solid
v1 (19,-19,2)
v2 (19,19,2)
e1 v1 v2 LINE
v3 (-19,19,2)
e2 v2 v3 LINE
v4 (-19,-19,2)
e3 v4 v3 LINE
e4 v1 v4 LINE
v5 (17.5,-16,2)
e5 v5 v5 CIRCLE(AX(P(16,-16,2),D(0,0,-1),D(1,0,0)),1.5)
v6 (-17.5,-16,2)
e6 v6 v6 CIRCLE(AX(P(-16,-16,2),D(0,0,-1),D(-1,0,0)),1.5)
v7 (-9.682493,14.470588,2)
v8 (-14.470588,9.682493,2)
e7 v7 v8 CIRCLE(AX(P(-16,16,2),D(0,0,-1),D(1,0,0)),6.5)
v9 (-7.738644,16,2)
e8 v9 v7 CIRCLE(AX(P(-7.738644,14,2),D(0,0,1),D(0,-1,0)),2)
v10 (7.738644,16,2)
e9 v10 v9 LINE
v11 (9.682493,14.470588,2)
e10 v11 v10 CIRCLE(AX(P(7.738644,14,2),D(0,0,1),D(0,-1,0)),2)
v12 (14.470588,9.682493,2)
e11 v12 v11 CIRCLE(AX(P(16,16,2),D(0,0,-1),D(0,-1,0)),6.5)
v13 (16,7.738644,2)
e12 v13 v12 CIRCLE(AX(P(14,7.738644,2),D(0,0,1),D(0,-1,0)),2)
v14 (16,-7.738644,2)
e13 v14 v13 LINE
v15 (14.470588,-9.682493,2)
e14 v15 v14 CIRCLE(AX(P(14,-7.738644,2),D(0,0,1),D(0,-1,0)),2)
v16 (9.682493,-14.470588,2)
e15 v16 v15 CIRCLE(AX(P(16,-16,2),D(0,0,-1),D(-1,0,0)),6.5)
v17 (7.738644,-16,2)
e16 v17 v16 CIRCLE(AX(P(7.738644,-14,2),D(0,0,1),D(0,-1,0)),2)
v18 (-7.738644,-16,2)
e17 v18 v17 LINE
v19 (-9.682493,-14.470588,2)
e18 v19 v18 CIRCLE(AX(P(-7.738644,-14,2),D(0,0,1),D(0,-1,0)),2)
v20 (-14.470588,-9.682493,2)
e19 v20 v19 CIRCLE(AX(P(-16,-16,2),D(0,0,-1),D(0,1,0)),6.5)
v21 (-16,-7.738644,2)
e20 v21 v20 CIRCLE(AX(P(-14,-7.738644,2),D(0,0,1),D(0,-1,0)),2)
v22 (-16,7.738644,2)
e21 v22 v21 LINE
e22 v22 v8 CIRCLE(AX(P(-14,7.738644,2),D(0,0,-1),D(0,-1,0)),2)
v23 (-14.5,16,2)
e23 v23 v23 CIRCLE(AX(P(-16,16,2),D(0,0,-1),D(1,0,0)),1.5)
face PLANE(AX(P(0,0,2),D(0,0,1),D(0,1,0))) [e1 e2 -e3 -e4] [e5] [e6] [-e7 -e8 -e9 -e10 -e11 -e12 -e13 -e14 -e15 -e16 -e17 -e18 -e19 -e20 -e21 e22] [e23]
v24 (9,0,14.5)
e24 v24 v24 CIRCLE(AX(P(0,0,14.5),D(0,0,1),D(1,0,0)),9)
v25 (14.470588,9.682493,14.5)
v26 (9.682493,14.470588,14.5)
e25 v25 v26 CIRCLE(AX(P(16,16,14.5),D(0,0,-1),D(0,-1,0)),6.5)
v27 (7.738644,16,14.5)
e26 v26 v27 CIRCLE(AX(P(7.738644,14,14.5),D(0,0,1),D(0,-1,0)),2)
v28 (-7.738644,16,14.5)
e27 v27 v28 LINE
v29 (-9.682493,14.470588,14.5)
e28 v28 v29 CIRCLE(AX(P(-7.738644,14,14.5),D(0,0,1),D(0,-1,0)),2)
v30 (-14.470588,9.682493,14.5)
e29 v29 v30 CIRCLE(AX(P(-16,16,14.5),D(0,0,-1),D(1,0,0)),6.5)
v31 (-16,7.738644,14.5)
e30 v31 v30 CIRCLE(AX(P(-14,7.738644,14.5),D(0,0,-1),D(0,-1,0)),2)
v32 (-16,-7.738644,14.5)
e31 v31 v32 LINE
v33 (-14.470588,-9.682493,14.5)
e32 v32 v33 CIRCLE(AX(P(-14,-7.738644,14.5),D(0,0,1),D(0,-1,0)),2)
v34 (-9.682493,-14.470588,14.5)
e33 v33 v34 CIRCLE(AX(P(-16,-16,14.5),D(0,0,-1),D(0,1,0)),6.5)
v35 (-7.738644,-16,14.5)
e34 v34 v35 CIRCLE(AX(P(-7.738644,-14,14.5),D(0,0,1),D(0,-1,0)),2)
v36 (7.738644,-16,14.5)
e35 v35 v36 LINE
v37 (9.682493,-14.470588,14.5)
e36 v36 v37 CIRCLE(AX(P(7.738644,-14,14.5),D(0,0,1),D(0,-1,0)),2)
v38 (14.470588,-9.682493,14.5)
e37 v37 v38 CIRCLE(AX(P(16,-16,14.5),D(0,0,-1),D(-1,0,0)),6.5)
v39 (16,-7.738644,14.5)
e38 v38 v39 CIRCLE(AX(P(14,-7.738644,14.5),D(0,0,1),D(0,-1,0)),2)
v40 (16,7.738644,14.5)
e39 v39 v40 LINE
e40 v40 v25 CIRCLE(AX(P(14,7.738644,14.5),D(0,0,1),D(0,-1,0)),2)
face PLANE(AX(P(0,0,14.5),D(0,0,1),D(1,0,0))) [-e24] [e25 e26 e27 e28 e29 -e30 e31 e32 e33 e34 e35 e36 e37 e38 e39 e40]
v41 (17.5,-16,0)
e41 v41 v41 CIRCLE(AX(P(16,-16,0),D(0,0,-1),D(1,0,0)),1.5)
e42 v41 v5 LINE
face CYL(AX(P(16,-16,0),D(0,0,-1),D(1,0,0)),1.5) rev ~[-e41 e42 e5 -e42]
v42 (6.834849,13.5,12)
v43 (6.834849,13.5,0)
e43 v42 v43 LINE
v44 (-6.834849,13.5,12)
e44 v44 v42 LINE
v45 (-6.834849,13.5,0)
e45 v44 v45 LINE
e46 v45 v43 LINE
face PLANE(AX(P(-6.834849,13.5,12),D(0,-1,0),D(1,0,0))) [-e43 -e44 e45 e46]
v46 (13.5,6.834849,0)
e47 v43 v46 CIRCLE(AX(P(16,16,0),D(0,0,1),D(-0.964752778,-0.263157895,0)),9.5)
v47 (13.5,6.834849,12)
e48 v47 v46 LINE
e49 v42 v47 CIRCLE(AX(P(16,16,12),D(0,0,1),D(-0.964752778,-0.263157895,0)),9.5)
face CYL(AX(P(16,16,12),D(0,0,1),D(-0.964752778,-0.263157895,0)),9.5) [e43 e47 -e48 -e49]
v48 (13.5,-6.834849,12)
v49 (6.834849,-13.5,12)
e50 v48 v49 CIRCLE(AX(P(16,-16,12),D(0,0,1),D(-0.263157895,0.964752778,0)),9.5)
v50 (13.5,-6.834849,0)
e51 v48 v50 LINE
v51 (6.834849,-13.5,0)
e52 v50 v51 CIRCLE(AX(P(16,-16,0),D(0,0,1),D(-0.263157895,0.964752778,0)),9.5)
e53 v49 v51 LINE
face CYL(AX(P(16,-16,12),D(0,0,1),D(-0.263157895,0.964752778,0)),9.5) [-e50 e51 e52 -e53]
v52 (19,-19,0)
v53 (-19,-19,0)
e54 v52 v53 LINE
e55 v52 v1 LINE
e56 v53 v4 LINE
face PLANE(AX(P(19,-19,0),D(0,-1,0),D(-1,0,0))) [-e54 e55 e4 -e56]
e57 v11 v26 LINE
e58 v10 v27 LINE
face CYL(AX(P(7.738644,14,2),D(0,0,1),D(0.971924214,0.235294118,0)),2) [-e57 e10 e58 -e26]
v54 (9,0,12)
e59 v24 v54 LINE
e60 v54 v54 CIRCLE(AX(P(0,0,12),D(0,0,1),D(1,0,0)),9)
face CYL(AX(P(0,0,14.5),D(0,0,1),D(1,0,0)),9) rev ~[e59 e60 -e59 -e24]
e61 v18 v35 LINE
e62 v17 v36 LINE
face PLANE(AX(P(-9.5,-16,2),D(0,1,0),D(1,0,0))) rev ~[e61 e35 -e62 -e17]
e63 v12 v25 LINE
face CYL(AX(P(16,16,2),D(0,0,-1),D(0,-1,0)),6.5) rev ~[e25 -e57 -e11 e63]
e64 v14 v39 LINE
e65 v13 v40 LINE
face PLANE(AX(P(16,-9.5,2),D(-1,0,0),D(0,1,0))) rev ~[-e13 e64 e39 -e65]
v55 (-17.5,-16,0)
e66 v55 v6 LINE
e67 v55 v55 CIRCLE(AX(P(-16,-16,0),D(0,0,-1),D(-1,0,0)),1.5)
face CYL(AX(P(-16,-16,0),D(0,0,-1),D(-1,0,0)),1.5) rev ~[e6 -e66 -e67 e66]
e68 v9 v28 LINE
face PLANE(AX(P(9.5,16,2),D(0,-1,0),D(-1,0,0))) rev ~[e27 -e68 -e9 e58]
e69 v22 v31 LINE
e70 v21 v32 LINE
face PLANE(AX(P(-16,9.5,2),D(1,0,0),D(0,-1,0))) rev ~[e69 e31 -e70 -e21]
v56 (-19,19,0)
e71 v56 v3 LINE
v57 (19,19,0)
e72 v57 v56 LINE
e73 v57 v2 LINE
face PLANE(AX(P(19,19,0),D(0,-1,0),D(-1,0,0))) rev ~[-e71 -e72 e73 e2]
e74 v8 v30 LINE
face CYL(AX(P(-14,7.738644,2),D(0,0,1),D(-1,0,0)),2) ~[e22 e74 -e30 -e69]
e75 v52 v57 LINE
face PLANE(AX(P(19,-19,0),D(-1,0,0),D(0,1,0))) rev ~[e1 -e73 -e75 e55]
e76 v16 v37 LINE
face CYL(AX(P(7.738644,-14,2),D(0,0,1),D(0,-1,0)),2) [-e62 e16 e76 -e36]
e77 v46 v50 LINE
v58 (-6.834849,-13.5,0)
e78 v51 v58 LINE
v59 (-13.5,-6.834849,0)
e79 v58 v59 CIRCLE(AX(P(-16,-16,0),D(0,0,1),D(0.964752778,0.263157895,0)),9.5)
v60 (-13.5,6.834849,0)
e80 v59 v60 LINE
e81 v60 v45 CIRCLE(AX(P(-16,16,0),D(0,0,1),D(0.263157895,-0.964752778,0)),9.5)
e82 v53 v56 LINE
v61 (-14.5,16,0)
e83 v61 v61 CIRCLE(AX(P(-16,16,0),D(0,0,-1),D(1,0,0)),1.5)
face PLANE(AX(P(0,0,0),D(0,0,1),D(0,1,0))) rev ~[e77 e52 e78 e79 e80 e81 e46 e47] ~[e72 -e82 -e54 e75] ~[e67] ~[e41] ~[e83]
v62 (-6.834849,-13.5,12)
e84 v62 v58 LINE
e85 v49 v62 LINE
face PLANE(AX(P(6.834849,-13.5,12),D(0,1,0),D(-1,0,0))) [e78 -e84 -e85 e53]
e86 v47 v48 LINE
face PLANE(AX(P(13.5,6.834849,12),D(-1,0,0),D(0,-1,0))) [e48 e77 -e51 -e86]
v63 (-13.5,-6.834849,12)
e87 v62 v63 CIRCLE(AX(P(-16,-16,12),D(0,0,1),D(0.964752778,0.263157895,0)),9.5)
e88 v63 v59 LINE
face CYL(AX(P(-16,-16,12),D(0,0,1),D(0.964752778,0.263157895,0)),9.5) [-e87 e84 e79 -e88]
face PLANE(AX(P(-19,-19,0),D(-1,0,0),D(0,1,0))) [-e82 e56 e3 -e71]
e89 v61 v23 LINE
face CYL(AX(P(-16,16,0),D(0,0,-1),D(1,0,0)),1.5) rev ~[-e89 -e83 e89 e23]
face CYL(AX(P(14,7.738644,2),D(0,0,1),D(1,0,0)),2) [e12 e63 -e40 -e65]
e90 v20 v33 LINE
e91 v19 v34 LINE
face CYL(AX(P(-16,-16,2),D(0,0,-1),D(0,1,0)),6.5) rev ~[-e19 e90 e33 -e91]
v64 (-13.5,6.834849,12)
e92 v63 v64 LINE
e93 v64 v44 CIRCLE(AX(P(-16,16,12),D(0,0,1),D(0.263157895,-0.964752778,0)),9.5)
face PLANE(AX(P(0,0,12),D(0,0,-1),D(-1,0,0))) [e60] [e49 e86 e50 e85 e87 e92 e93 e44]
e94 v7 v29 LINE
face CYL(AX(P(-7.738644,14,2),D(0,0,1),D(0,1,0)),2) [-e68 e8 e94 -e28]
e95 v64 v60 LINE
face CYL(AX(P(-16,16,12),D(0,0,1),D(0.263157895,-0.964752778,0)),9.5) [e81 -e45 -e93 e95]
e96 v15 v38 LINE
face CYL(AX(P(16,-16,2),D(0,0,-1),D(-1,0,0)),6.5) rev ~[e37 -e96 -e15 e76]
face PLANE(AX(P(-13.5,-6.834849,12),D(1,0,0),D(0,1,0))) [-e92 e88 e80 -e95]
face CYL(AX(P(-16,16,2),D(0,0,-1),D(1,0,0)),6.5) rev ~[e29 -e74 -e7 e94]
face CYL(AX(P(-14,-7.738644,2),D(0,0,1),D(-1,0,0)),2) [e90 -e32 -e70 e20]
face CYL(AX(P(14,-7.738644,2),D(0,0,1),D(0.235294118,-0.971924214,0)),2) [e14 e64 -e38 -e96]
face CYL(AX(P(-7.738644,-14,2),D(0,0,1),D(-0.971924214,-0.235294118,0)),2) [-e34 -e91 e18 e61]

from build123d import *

# Parameters (mm, degrees)
SKETCH1_W           = 38
SKETCH1_H           = 38
BOSS_EXTRUDE1_DEPTH = 2
SKETCH2_R           = 1.5
CUT_EXTRUDE1_DEPTH  = 27.944387171
BOSS_EXTRUDE2_DEPTH = 12.5
SKETCH4_R           = 9
CUT_EXTRUDE2_DEPTH  = 31.532769282
CUT_EXTRUDE3_START  = -2.5
CUT_EXTRUDE3_DEPTH  = 29.032769282
FILLET1_R           = 2


with BuildPart() as part:
    # Sketch1 → Boss-Extrude1 (new body)
    with BuildSketch(Plane(origin=(0, 0, 0), x_dir=(0, 1, 0), z_dir=(0, 0, 1))):
        Rectangle(SKETCH1_W, SKETCH1_H)
    extrude(amount=BOSS_EXTRUDE1_DEPTH)

    # Sketch2 → Cut-Extrude1 (cut, through all)
    with BuildSketch(Plane(origin=(0, 0, 0), x_dir=(1, 0, 0), z_dir=(0, 0, -1))):
        with Locations(Location((-16, 16, 0), (0, 0, 180))):
            Circle(SKETCH2_R)
        with Locations((-16, -16)):
            Circle(SKETCH2_R)
        with Locations((16, 16)):
            Circle(SKETCH2_R)
    extrude(amount=-CUT_EXTRUDE1_DEPTH, mode=Mode.SUBTRACT)

    # Sketch3 → Boss-Extrude2 (add)
    with BuildSketch(Plane.XY.offset(2)):
        with BuildLine():
            Line((-16, 9.5), (-16, -9.5))
            ThreePointArc((-16, -9.5), (-11.403805922, -11.403805922), (-9.5, -16))
            Line((-9.5, -16), (9.5, -16))
            ThreePointArc((9.5, -16), (11.403805922, -11.403805922), (16, -9.5))
            Line((16, -9.5), (16, 9.5))
            ThreePointArc((16, 9.5), (11.403805922, 11.403805922), (9.5, 16))
            Line((9.5, 16), (-9.5, 16))
            ThreePointArc((-9.5, 16), (-11.403805922, 11.403805922), (-16, 9.5))
        make_face()
    extrude(amount=BOSS_EXTRUDE2_DEPTH)

    # Sketch4 → Cut-Extrude2 (cut, through all)
    with BuildSketch(Plane.XY.offset(14.5)):
        Circle(SKETCH4_R)
    extrude(amount=-CUT_EXTRUDE2_DEPTH, mode=Mode.SUBTRACT)

    # Sketch5 → Cut-Extrude3 (cut, through all)
    with BuildSketch(Plane.XY.offset(14.5).offset(CUT_EXTRUDE3_START)):
        with BuildLine():
            Line((-13.5, -6.83484861), (-13.5, 6.83484861))
            ThreePointArc((-13.5, 6.83484861), (-9.282485579, 9.282485579), (-6.83484861, 13.5))
            Line((-6.83484861, 13.5), (6.83484861, 13.5))
            ThreePointArc((6.83484861, 13.5), (9.282485579, 9.282485579), (13.5, 6.83484861))
            Line((13.5, 6.83484861), (13.5, -6.83484861))
            ThreePointArc((13.5, -6.83484861), (9.282485579, -9.282485579), (6.83484861, -13.5))
            Line((6.83484861, -13.5), (-6.83484861, -13.5))
            ThreePointArc((-6.83484861, -13.5), (-9.282485579, -9.282485579), (-13.5, -6.83484861))
        make_face()
    extrude(amount=-CUT_EXTRUDE3_DEPTH, mode=Mode.SUBTRACT)

    # Fillet1
    fillet1_edges = [part.edges().sort_by_distance(p)[0] for p in [
        (-9.5, 16, 8.25),
        (-16, 9.5, 8.25),
        (-16, -9.5, 8.25),
        (-9.5, -16, 8.25),
        (9.5, -16, 8.25),
        (16, -9.5, 8.25),
        (16, 9.5, 8.25),
        (9.5, 16, 8.25),
    ]]
    fillet(fillet1_edges, radius=FILLET1_R)


solid = part.part
